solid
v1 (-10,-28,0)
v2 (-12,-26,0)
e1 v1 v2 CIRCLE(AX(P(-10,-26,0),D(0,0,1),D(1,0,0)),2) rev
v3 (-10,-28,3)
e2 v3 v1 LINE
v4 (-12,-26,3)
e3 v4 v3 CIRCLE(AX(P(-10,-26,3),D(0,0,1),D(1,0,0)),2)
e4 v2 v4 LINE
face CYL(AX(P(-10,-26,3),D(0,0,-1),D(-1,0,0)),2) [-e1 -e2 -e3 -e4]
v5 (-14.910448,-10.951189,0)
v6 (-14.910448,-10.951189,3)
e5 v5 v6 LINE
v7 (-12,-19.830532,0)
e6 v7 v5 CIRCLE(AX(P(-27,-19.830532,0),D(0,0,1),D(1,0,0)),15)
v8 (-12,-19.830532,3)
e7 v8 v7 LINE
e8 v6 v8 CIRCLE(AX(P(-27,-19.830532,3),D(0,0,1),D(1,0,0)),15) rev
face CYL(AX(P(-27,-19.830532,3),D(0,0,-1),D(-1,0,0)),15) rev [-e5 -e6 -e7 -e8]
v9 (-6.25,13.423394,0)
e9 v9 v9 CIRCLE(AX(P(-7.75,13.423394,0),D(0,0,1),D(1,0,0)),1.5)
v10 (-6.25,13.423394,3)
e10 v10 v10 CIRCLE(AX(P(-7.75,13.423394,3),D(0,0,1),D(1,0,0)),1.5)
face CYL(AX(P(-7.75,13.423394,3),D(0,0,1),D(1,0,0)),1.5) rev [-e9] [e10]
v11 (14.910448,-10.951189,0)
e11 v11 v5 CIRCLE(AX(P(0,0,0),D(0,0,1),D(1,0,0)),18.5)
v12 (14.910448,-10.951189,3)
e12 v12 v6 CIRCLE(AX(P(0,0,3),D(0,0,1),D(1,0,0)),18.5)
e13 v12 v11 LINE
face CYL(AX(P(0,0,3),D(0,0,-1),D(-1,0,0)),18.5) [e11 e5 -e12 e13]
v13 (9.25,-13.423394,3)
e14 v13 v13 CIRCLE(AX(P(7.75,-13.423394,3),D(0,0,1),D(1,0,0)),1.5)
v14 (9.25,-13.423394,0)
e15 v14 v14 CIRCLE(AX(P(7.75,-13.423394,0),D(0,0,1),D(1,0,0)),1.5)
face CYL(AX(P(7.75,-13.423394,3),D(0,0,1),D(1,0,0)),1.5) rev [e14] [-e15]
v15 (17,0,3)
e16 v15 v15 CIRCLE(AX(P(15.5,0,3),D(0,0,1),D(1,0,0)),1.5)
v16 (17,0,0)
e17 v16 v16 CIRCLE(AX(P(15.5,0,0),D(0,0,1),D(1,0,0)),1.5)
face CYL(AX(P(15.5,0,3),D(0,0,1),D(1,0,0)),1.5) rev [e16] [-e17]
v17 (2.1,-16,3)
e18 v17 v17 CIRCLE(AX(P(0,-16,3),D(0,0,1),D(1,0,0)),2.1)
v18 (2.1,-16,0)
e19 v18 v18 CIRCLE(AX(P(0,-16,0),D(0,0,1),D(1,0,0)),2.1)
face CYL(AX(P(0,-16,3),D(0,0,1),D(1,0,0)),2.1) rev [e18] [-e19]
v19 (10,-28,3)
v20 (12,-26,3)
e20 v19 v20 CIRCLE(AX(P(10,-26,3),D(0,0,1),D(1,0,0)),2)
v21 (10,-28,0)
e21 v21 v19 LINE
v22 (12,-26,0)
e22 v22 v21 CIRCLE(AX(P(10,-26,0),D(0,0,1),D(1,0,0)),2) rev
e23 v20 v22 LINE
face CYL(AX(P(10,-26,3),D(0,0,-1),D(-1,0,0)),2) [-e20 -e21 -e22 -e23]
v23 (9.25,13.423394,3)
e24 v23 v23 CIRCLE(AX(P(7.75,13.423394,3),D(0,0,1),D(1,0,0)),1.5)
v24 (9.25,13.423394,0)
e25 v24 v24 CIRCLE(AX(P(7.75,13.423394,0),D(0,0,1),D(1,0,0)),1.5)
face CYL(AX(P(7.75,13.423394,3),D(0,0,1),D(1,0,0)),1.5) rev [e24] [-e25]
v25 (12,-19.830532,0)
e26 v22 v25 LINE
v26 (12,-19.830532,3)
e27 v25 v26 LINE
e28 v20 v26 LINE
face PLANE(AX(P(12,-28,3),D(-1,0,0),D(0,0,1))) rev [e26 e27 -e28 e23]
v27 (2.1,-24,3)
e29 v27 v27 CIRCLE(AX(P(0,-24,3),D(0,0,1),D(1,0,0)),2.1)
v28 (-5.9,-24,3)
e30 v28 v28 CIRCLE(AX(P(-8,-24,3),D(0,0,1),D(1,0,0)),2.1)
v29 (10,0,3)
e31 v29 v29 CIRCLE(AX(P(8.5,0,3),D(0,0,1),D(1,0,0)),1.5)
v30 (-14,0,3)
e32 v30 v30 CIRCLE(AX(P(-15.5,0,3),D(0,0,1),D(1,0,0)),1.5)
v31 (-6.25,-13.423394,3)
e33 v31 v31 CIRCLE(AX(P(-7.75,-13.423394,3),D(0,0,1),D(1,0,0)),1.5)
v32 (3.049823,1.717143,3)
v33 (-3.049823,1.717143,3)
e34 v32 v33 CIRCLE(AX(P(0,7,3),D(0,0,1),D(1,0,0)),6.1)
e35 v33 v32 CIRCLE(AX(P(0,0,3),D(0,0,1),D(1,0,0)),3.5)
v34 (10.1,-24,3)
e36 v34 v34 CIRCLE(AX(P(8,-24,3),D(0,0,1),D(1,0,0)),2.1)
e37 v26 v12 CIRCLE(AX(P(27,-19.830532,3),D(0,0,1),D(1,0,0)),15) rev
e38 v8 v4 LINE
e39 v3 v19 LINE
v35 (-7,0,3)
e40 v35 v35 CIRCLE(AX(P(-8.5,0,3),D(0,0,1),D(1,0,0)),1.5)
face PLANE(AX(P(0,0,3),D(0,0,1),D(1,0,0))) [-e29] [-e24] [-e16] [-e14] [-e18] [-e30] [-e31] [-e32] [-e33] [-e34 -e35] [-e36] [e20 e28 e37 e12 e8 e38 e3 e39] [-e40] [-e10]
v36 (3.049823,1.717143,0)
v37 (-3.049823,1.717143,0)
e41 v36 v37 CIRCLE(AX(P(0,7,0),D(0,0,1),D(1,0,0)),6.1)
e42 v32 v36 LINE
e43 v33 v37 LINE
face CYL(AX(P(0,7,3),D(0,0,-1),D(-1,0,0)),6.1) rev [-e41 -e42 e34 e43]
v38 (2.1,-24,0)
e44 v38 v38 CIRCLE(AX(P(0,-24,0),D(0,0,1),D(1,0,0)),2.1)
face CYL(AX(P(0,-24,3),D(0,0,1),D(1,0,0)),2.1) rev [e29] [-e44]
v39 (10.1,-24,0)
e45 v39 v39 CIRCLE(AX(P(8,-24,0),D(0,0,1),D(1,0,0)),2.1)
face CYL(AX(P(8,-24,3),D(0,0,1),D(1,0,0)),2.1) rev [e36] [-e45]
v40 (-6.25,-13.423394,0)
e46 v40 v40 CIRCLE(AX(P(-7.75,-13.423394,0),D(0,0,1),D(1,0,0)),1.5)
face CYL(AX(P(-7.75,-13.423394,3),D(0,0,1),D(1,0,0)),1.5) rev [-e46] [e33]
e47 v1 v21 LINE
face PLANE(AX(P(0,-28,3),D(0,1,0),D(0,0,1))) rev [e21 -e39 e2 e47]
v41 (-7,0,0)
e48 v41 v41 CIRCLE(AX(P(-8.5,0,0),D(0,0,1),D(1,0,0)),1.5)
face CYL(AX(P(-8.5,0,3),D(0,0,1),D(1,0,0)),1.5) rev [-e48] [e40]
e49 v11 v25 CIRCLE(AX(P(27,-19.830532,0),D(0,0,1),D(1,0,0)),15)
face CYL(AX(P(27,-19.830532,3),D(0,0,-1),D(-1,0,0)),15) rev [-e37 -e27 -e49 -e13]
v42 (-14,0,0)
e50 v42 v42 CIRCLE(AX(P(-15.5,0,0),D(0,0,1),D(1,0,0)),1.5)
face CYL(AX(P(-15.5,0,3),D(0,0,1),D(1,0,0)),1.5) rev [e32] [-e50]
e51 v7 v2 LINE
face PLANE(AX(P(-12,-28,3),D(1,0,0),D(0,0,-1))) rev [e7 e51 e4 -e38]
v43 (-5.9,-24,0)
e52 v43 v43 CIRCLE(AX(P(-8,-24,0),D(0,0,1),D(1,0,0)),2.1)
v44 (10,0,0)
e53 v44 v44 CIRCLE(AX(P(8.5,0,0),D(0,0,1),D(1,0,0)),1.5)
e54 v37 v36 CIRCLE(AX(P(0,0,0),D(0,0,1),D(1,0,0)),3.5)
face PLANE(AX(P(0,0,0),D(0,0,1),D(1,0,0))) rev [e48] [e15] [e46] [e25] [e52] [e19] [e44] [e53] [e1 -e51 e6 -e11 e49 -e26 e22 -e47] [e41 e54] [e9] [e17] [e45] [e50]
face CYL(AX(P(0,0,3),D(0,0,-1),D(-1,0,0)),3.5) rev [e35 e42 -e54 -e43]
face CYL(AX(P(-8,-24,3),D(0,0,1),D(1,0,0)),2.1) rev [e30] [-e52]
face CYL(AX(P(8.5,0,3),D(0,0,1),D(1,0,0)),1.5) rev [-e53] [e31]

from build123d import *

# Parameters (mm, degrees)
BOSS_EXTRUDE1_DEPTH        = 3
F_3_0_3_DIAMETER_HOLE2_D   = 3
CIRPATTERN1_COUNT          = 6
F_4_2_4_2_DIAMETER_HOLE1_D = 4.2
F_3_0_3_DIAMETER_HOLE1_D   = 3
FILLET1_R                  = 15
FILLET2_R                  = 2


with BuildPart() as part:
    # Sketch2 → Boss-Extrude1 (new body)
    with BuildSketch(Plane.XY):
        with BuildLine():
            Line((0, -28), (12, -28))
            Line((12, -28), (12, -14.08012784))
            ThreePointArc((12, -14.08012784), (0, 18.5), (-12, -14.08012784))
            Line((-12, -14.08012784), (-12, -28))
            Line((-12, -28), (0, -28))
        make_face()
        with BuildLine():
            ThreePointArc((-3.049823013, 1.717142857), (0, -3.5), (3.049823013, 1.717142857))
            ThreePointArc((3.049823013, 1.717142857), (0, 13.1), (-3.049823013, 1.717142857))
        make_face(mode=Mode.SUBTRACT)
    extrude(amount=BOSS_EXTRUDE1_DEPTH)

    # Ø3.0 (3) Diameter Hole2 (through all)
    with Locations(Plane.XY.offset(3)):
        with Locations((15.5, 0)):
            f_3_0_3_diameter_hole2 = Hole(F_3_0_3_DIAMETER_HOLE2_D / 2)

    # CirPattern1: Ø3.0 (3) Diameter Hole2 ×6 about axis
    cirpattern1_axis = Axis((0, 0, -0.15), (0, 0, 1))
    for i in range(1, CIRPATTERN1_COUNT):
        add(f_3_0_3_diameter_hole2.rotate(cirpattern1_axis, i * 360 / CIRPATTERN1_COUNT), mode=Mode.SUBTRACT)

    # Ø4.2 (4.2) Diameter Hole1 (through all)
    with Locations(Plane.XY.offset(3)):
        with Locations((0, -16), (0, -24), (8, -24), (-8, -24)):
            Hole(F_4_2_4_2_DIAMETER_HOLE1_D / 2)

    # Ø3.0 (3) Diameter Hole1 (through all)
    with Locations(Plane.XY.offset(3)):
        with Locations((8.5, 0), (-8.5, 0)):
            Hole(F_3_0_3_DIAMETER_HOLE1_D / 2)

    # Fillet1
    fillet1_edges = [part.edges().sort_by_distance(p)[0] for p in [
        (12, -14.08012784, 1.5),
        (-12, -14.08012784, 1.5),
    ]]
    fillet(fillet1_edges, radius=FILLET1_R)

    # Fillet2
    fillet2_edges = [part.edges().sort_by_distance(p)[0] for p in [
        (12, -28, 1.5),
        (-12, -28, 1.5),
    ]]
    fillet(fillet2_edges, radius=FILLET2_R)


solid = part.part
